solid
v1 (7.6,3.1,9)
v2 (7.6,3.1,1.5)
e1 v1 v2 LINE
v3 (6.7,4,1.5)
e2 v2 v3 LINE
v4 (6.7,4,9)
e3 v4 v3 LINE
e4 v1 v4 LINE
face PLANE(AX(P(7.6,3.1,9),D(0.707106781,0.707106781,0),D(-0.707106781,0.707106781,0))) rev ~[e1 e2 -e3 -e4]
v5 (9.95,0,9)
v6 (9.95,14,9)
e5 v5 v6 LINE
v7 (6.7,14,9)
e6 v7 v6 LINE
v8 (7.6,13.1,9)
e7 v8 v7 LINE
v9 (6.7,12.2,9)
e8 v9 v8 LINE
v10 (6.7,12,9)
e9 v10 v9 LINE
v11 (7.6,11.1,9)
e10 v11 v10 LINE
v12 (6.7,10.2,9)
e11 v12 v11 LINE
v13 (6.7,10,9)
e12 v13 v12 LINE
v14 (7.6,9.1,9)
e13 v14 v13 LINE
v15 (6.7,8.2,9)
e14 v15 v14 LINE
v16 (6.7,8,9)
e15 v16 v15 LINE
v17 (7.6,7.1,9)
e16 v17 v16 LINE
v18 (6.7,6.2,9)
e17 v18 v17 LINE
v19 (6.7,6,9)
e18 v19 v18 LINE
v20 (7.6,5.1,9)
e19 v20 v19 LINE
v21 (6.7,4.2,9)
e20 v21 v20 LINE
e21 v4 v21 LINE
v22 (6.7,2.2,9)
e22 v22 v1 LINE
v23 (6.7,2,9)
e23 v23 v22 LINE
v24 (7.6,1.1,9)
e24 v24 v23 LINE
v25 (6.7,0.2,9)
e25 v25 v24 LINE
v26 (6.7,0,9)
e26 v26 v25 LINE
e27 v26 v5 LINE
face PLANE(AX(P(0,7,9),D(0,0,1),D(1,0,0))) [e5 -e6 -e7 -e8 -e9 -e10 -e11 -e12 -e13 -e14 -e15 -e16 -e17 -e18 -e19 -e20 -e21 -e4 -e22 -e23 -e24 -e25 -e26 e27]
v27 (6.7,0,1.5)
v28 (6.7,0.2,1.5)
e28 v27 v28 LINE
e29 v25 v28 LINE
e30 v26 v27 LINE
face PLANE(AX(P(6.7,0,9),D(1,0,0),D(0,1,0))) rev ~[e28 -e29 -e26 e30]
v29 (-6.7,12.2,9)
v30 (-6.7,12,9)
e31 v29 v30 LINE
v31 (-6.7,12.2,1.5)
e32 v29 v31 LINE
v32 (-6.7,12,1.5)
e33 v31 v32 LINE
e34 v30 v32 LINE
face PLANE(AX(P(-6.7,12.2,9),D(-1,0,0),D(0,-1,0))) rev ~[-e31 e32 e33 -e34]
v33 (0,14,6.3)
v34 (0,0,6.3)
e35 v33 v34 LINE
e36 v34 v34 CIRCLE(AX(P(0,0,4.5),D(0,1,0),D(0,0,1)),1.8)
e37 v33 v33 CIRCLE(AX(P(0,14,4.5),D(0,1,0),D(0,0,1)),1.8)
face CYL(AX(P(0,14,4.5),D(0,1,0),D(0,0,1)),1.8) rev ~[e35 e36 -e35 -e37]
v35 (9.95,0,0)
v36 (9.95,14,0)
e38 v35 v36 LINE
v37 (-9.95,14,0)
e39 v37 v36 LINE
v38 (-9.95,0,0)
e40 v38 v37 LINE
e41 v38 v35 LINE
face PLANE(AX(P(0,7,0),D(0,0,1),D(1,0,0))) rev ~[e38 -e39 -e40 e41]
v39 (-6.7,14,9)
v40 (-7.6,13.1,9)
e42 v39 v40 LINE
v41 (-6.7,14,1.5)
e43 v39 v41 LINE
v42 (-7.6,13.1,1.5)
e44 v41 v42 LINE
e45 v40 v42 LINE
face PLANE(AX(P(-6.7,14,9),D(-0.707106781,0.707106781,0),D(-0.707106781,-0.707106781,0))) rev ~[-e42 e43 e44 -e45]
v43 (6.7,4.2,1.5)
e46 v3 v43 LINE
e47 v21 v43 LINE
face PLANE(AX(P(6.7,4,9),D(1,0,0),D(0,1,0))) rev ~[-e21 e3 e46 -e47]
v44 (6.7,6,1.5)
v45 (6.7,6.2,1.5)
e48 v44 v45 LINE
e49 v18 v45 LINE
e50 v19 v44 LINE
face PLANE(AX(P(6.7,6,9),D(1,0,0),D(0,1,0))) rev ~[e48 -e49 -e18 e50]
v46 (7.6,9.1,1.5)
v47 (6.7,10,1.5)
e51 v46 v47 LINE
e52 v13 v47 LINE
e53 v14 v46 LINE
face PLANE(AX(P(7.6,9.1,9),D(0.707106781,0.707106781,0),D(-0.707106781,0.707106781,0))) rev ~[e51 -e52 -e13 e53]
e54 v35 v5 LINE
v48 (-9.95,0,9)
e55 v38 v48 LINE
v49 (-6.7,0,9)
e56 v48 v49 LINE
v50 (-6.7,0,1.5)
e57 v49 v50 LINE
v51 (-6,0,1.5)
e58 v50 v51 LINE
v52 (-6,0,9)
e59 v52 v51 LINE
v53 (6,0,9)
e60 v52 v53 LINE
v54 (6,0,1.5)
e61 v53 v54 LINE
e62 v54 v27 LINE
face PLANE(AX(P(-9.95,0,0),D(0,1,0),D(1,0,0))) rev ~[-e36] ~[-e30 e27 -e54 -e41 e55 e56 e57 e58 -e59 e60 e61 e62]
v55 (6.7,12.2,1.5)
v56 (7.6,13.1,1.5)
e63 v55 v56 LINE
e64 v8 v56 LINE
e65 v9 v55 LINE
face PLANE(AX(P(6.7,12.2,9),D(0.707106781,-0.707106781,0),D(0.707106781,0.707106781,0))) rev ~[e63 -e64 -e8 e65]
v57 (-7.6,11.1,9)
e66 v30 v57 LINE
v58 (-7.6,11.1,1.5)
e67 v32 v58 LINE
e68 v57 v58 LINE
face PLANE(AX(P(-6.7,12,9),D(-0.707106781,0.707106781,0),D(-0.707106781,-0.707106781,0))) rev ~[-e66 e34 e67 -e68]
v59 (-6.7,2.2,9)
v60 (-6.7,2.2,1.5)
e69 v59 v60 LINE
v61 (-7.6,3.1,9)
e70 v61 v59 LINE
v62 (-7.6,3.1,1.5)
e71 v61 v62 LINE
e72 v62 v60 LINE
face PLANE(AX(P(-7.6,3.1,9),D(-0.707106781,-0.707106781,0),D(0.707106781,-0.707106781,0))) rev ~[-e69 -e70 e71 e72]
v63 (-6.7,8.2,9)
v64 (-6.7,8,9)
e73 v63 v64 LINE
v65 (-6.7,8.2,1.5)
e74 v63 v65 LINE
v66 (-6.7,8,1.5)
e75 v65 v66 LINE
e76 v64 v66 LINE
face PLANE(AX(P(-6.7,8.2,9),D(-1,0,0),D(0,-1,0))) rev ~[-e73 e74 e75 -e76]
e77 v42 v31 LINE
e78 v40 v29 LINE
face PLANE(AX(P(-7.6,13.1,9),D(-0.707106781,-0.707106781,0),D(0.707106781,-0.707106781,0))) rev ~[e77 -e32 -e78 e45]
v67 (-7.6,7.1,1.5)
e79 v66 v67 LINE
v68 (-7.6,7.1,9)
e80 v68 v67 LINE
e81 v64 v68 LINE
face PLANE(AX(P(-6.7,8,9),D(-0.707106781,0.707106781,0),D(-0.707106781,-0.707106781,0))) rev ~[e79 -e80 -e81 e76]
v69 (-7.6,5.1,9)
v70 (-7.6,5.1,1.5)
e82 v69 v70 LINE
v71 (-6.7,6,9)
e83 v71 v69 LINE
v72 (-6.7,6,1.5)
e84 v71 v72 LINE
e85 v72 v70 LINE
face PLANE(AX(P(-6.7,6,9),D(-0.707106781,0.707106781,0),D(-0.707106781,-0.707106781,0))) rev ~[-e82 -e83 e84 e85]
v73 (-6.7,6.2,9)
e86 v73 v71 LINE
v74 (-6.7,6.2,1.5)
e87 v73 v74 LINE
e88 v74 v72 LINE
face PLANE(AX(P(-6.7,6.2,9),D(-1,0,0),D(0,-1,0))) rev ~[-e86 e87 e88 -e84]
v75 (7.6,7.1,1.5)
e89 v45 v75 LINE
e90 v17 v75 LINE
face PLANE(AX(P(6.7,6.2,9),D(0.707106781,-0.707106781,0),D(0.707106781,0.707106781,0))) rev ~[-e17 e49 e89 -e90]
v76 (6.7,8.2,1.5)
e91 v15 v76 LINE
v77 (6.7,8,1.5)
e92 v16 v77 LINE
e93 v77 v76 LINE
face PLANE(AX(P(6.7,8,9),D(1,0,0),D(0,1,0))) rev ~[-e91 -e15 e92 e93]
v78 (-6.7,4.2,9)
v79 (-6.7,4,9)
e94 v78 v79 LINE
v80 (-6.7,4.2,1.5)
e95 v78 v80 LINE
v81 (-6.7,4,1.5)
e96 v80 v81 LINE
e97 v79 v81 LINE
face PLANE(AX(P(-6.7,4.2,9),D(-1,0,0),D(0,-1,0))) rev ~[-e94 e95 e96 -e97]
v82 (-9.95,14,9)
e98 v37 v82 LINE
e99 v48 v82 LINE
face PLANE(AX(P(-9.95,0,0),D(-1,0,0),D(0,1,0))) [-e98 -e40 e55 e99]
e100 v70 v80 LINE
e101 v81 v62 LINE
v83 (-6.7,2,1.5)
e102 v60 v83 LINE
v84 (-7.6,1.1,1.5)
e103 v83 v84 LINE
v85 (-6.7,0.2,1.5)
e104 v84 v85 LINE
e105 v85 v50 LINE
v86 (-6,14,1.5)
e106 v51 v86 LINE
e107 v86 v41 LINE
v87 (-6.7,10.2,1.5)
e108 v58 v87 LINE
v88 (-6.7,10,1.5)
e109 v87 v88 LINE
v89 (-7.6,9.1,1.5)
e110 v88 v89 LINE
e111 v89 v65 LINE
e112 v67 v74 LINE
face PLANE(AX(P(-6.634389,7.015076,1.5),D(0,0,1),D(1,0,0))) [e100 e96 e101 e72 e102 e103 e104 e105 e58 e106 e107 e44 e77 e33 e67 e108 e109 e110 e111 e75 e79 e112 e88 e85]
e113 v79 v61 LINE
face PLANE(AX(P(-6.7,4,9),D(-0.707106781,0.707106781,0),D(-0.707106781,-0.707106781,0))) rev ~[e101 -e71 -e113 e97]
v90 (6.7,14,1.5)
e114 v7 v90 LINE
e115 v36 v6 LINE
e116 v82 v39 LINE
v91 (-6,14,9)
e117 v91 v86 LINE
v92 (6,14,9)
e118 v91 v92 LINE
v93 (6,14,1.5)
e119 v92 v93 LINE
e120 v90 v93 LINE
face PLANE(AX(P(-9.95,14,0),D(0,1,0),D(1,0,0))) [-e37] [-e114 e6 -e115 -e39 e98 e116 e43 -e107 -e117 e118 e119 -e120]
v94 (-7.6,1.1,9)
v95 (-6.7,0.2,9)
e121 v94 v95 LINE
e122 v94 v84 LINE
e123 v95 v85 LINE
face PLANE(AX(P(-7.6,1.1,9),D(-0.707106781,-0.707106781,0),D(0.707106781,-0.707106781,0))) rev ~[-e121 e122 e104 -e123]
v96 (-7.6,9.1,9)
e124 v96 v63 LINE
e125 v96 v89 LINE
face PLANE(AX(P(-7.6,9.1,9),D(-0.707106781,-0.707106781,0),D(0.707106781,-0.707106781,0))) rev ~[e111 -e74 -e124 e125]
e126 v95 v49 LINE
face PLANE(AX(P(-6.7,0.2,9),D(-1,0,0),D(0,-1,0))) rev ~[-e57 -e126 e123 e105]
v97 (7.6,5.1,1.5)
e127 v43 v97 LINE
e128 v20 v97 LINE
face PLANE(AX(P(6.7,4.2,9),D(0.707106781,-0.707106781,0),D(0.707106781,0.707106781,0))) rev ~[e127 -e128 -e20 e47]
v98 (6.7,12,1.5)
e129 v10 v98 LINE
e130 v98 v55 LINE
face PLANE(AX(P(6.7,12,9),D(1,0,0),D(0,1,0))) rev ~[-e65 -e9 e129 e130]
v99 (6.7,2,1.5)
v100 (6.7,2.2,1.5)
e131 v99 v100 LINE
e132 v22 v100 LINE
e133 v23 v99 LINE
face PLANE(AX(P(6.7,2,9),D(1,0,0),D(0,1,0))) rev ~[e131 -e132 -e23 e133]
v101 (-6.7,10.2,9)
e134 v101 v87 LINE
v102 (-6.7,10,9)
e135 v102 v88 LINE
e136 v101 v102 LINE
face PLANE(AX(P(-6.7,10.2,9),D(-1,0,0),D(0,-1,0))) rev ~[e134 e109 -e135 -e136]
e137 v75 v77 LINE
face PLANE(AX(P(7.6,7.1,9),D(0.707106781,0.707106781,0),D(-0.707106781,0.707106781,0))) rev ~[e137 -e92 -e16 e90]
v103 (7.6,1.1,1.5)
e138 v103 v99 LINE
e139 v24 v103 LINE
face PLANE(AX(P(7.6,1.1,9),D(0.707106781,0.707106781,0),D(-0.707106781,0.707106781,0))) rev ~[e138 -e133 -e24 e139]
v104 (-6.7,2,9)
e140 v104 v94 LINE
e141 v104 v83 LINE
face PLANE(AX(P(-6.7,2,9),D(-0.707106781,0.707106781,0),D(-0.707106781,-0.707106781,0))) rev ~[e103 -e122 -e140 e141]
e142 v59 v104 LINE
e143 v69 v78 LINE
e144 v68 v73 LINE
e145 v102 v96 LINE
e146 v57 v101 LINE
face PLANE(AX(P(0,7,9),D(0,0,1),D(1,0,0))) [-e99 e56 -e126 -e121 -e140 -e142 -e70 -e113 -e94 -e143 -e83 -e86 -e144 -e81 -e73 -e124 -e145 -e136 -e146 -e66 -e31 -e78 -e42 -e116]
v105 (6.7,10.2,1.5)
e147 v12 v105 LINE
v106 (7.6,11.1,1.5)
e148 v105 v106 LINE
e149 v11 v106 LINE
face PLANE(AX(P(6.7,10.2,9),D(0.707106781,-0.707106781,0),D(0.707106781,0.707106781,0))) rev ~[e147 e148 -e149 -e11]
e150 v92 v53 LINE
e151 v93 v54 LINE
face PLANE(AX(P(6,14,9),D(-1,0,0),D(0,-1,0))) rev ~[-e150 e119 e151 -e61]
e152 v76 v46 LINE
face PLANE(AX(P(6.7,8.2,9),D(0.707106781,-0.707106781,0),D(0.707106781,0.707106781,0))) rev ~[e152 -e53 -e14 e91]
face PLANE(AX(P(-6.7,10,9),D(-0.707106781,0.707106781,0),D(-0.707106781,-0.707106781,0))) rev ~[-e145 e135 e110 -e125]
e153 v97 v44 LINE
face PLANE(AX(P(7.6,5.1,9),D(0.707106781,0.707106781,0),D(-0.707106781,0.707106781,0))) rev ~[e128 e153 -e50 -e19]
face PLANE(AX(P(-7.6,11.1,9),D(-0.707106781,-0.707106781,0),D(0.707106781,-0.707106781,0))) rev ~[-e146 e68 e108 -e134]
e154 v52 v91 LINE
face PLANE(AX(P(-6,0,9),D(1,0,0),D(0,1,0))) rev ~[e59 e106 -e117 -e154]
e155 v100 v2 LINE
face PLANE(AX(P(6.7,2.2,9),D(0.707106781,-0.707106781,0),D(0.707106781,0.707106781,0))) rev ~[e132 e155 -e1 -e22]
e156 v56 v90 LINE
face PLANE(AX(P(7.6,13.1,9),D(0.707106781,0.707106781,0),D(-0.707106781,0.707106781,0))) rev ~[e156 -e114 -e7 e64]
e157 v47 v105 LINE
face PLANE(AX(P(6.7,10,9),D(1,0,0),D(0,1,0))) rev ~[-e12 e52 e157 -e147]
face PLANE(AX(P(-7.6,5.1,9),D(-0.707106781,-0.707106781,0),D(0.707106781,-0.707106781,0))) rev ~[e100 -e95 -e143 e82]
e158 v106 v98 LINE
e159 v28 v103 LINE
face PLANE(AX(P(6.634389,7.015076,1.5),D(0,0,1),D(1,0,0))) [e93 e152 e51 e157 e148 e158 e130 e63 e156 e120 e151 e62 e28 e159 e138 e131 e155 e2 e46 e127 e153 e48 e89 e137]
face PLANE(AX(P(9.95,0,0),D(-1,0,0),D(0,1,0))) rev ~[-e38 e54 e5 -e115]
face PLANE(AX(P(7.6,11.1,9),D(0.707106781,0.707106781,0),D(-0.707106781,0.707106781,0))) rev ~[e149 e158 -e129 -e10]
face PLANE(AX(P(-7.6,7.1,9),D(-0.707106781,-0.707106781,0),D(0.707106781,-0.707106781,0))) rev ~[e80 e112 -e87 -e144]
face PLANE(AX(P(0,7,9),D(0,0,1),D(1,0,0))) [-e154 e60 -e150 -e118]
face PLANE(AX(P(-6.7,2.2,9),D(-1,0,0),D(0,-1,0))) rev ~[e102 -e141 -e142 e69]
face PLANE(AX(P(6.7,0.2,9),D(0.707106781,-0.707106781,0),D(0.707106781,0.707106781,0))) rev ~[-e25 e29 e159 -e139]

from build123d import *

# Parameters (mm, degrees)
SKETCH1_W           = 19.9
SKETCH1_H           = 14
BOSS_EXTRUDE1_DEPTH = 9
SKETCH2_R           = 1.8
CUT_EXTRUDE1_DEPTH  = 20.390783893
CUT_EXTRUDE2_DEPTH  = 7.5


with BuildPart() as part:
    # Sketch1 → Boss-Extrude1 (new body)
    with BuildSketch(Plane.XY):
        with Locations((0, 7)):
            Rectangle(SKETCH1_W, SKETCH1_H)
    extrude(amount=BOSS_EXTRUDE1_DEPTH)

    # Sketch2 → Cut-Extrude1 (cut, through all)
    with BuildSketch(Plane(origin=(0, 14, 0), x_dir=(1, 0, 0), z_dir=(0, 1, 0))):
        with Locations(Location((0, -4.5, 0), (0, 0, 270))):
            Circle(SKETCH2_R)
    extrude(amount=-CUT_EXTRUDE1_DEPTH, mode=Mode.SUBTRACT)

    # Sketch3 → Cut-Extrude2 (cut)
    with BuildSketch(Plane.XY.offset(9)):
        Polygon((6, 14), (6, 0), (6.7, 0), (6.7, 0.2), (7.6, 1.1), (6.7, 2), (6.7, 2.2), (7.6, 3.1), (6.7, 4), (6.7, 4.2), (7.6, 5.1), (6.7, 6), (6.7, 6.2), (7.6, 7.1), (6.7, 8), (6.7, 8.2), (7.6, 9.1), (6.7, 10), (6.7, 10.2), (7.6, 11.1), (6.7, 12), (6.7, 12.2), (7.6, 13.1), (6.7, 14), align=None)
        Polygon((-6.7, 0.2), (-6.7, 0), (-6, 0), (-6, 14), (-6.7, 14), (-7.6, 13.1), (-6.7, 12.2), (-6.7, 12), (-7.6, 11.1), (-6.7, 10.2), (-6.7, 10), (-7.6, 9.1), (-6.7, 8.2), (-6.7, 8), (-7.6, 7.1), (-6.7, 6.2), (-6.7, 6), (-7.6, 5.1), (-6.7, 4.2), (-6.7, 4), (-7.6, 3.1), (-6.7, 2.2), (-6.7, 2), (-7.6, 1.1), align=None)
    extrude(amount=-CUT_EXTRUDE2_DEPTH, mode=Mode.SUBTRACT)


solid = part.part
